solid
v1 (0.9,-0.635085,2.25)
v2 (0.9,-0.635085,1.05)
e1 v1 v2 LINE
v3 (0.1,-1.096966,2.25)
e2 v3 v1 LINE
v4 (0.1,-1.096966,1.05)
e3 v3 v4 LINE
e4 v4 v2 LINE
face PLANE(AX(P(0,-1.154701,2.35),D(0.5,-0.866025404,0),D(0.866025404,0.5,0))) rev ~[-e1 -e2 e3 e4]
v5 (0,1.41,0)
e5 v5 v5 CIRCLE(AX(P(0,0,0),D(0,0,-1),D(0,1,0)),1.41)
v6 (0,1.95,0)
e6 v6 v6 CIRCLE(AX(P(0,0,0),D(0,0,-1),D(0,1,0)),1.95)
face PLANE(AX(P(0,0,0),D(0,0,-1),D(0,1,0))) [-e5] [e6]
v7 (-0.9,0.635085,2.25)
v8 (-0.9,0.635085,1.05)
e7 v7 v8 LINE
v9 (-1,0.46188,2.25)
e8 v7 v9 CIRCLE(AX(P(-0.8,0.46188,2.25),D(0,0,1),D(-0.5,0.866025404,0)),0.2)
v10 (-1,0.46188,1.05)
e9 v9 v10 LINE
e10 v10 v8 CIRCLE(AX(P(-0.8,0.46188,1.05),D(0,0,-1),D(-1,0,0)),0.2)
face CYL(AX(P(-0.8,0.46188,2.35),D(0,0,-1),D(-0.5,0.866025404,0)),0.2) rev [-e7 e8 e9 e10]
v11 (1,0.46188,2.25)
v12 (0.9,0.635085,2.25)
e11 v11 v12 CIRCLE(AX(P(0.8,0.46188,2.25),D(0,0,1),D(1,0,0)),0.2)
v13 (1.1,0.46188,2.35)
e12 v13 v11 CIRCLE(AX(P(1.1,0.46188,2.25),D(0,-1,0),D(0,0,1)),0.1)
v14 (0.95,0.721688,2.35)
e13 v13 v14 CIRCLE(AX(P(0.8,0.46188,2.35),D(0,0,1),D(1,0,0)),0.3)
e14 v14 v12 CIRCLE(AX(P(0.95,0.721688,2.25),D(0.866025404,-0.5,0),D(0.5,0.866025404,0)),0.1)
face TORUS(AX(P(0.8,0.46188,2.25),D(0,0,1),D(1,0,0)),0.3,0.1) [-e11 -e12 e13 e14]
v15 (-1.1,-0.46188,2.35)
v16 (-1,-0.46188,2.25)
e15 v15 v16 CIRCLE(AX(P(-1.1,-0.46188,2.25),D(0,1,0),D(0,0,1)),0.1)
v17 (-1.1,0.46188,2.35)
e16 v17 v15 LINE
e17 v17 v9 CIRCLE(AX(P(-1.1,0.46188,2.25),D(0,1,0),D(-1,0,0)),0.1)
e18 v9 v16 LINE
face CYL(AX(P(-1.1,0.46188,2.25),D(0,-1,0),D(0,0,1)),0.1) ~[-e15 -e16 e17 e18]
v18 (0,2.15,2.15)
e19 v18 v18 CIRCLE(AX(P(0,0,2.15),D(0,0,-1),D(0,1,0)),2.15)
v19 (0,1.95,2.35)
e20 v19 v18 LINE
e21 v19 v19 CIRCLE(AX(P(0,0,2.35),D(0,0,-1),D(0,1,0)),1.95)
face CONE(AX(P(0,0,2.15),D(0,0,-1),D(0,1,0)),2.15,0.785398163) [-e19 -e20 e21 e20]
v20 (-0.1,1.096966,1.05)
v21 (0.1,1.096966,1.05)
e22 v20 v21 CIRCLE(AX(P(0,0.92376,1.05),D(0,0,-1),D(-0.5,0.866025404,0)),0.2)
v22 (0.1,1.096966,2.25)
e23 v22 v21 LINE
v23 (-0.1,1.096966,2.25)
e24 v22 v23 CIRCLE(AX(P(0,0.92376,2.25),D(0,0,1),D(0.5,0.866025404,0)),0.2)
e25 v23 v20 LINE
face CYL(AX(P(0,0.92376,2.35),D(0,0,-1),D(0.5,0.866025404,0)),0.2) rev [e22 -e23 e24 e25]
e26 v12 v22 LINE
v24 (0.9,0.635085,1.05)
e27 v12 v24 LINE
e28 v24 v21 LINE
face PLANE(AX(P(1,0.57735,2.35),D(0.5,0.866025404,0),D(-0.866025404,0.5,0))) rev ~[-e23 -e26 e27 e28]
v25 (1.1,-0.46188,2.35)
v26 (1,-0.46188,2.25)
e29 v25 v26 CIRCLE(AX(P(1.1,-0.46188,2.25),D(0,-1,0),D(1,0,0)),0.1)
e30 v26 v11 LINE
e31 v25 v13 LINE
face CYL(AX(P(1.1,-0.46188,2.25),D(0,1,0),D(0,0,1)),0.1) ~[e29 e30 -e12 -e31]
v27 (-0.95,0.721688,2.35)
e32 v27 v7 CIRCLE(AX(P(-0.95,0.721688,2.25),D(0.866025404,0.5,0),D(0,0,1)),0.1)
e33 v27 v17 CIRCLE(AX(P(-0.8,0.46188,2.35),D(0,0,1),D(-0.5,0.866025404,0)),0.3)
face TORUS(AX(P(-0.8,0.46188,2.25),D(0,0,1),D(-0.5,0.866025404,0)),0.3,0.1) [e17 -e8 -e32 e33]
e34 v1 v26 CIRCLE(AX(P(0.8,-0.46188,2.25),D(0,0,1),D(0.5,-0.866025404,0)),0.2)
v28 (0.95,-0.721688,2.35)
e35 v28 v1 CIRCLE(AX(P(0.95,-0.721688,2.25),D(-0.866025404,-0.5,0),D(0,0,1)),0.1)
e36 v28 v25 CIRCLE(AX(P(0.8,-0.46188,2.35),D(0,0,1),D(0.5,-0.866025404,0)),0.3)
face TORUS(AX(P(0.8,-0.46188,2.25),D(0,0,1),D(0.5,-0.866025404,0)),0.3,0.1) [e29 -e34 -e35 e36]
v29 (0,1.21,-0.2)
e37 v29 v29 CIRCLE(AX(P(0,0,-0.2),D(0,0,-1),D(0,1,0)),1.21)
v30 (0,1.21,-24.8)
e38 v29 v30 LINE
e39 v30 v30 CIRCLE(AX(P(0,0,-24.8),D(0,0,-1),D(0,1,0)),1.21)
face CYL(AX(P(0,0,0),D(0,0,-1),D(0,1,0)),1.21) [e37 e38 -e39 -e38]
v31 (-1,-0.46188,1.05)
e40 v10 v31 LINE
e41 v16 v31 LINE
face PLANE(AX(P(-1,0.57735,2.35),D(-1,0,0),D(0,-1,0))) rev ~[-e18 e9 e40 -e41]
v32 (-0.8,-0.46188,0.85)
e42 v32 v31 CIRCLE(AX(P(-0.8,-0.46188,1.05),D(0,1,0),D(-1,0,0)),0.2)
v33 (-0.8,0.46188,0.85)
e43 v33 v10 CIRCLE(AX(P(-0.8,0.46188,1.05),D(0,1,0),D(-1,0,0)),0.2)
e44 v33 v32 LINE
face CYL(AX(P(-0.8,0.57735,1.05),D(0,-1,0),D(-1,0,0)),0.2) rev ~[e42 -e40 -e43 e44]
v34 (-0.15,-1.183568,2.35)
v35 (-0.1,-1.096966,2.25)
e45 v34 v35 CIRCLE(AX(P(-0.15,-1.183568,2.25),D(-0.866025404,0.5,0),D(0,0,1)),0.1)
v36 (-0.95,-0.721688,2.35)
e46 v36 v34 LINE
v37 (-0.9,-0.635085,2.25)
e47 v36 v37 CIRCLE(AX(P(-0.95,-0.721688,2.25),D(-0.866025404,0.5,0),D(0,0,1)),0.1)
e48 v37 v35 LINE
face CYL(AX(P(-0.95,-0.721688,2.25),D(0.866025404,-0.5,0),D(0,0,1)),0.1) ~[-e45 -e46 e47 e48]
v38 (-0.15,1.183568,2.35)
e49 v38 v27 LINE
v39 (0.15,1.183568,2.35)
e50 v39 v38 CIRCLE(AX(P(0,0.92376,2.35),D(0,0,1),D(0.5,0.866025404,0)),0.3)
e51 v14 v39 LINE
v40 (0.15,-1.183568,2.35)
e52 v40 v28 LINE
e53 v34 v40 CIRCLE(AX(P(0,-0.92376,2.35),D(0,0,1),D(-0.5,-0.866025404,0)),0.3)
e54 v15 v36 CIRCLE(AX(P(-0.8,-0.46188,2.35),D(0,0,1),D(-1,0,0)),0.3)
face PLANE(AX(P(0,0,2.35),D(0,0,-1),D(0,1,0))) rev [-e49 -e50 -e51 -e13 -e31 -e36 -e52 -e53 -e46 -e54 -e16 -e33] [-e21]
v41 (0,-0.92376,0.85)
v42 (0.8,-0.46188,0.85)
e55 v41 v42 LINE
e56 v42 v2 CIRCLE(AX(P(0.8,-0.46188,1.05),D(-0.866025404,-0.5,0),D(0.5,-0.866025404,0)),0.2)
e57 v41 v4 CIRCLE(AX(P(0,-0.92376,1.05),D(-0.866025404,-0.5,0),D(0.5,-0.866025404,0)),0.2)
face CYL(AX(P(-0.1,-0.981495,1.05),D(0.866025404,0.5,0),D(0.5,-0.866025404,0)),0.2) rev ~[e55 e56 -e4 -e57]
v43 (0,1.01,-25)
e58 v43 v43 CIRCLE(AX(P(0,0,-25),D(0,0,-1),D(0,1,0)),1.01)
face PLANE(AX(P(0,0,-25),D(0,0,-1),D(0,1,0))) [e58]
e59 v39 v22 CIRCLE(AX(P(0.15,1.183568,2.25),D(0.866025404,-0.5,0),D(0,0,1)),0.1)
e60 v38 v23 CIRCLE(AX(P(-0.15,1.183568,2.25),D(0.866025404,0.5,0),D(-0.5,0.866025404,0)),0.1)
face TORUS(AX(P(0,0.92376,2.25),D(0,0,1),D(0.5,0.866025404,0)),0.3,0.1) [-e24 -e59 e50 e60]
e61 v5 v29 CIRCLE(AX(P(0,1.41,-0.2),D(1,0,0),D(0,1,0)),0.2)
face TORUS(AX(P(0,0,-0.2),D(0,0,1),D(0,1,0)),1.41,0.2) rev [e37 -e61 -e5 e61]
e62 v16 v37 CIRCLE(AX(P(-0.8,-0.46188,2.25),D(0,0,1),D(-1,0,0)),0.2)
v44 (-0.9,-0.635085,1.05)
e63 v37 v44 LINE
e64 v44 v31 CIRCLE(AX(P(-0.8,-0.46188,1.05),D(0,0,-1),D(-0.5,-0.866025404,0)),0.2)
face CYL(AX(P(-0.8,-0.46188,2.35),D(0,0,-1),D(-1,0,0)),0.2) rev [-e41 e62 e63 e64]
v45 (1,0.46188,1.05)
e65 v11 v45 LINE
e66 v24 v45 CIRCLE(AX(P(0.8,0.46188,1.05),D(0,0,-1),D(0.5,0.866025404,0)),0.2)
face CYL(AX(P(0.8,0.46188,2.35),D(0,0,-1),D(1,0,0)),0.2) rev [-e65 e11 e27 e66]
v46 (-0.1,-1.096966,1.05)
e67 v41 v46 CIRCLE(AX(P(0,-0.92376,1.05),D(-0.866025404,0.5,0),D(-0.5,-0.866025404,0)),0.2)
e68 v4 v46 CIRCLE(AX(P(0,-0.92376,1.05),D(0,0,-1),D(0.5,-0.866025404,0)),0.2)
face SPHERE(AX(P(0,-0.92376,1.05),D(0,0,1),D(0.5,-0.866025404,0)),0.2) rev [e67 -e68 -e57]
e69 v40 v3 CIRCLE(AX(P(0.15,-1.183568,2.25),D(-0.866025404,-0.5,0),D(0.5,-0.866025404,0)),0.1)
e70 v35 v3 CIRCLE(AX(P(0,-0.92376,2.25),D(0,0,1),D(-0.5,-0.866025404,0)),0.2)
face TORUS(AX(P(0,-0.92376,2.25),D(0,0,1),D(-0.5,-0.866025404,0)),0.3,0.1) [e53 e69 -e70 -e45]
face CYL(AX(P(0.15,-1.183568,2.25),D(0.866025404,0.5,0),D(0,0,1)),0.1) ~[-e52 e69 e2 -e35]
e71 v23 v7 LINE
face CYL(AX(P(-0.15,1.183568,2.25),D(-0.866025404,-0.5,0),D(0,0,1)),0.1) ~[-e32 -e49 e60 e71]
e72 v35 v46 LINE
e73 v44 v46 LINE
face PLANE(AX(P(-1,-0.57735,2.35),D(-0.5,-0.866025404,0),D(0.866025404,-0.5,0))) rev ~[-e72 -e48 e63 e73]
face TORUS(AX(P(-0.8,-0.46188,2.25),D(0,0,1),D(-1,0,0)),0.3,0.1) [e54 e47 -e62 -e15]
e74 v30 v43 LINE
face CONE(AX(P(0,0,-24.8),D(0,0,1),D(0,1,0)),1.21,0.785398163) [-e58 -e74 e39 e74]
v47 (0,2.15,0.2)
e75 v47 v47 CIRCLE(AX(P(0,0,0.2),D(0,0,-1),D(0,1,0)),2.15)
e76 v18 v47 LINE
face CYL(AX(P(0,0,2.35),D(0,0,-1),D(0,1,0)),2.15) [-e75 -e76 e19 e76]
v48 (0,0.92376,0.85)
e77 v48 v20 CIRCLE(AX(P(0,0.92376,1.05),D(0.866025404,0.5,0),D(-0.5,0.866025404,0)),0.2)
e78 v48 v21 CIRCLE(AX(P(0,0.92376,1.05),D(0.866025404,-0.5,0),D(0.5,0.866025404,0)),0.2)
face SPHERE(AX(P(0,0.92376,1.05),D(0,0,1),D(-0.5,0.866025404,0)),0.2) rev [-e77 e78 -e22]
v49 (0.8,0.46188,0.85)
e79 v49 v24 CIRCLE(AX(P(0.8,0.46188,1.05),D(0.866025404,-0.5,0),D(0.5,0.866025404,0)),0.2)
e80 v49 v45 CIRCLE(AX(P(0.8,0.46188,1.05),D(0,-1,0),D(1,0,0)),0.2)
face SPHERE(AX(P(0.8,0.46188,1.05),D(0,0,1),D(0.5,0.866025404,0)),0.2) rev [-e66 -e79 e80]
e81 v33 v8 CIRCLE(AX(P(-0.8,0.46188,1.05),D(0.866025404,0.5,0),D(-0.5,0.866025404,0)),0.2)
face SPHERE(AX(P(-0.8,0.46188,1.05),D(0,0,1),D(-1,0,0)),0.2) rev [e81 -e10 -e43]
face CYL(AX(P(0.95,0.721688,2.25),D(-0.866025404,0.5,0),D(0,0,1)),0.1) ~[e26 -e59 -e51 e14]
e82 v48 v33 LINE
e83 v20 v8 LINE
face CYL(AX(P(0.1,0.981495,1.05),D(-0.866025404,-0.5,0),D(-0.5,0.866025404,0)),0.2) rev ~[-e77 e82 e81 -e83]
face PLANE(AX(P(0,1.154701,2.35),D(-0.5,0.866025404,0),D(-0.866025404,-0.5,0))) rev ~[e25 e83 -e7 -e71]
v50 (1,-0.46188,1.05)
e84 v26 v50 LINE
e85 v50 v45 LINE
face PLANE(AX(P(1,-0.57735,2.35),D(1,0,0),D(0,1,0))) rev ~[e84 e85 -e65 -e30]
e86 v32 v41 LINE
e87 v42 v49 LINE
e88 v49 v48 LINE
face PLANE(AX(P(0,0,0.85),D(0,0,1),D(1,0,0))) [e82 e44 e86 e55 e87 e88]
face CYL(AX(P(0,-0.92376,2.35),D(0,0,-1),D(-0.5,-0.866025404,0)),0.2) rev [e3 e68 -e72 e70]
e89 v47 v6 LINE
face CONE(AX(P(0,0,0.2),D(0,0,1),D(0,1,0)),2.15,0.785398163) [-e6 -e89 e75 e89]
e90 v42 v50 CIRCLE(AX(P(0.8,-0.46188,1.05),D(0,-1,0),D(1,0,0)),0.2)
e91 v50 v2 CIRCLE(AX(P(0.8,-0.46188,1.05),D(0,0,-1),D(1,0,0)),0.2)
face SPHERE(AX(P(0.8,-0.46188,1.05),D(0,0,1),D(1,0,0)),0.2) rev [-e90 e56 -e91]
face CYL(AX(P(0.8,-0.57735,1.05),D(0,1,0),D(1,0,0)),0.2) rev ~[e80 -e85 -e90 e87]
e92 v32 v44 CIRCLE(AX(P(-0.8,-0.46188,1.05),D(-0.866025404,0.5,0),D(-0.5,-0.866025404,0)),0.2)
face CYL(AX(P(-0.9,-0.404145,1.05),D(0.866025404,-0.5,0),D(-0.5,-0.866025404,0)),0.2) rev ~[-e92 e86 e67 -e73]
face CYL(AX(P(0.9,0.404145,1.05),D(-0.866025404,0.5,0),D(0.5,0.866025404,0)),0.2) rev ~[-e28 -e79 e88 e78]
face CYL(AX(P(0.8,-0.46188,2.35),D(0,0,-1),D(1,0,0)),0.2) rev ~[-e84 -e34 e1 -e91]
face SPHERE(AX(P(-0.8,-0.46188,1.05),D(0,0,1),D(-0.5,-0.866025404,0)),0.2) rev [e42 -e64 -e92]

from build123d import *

# Parameters (mm, degrees)
SCHNITT_LINEAR_AUSTRAGEN1_DEPTH = 1.5
FASE1_SIZE                      = 0.2
VERRUNDUNG1_R                   = 0.2
VERRUNDUNG2_R                   = 0.1


with BuildPart() as part:
    # Skizze1 → Rotation1 (revolve)
    with BuildSketch(Plane(origin=(0, 0, 0), x_dir=(0, 0, -1), z_dir=(1, 0, 0))):
        Polygon((-2.35, 0), (-2.35, 2.15), (0, 2.15), (0, 1.21), (25, 1.21), (25, 0), align=None)
    revolve(axis=Axis((0, 0, 21.919879518), (0, 0, -1)))

    # Skizze2 → Schnitt-Linear austragen1 (cut)
    with BuildSketch(Plane.XY.offset(2.35)):
        Polygon((1, -0.577350269), (1, 0.577350269), (0, 1.154700538), (-1, 0.577350269), (-1, -0.577350269), (0, -1.154700538), align=None)
    extrude(amount=-SCHNITT_LINEAR_AUSTRAGEN1_DEPTH, mode=Mode.SUBTRACT)

    # Fase1
    fase1_edges = [part.edges().sort_by_distance(p)[0] for p in [
        (0, -1.21, -25),
        (0, -2.15, 0),
        (0, -2.15, 2.35),
    ]]
    chamfer(fase1_edges, length=FASE1_SIZE)

    # Verrundung1
    verrundung1_edges = [part.edges().sort_by_distance(p)[0] for p in [
        (0.5, -0.866025404, 0.85),
        (1, -0.577350269, 1.6),
        (-0.5, -0.866025404, 0.85),
        (0, -1.154700538, 1.6),
        (-1, 0, 0.85),
        (-1, -0.577350269, 1.6),
        (-0.5, 0.866025404, 0.85),
        (-1, 0.577350269, 1.6),
        (0.5, 0.866025404, 0.85),
        (0, 1.154700538, 1.6),
        (1, 0, 0.85),
        (1, 0.577350269, 1.6),
        (0, -1.21, 0),
    ]]
    fillet(verrundung1_edges, radius=VERRUNDUNG1_R)

    # Verrundung2
    verrundung2_edges = [part.edges().sort_by_distance(p)[0] for p in [
        (-0.5, -0.866025404, 2.35),
        (-1, 0, 2.35),
        (-0.5, 0.866025404, 2.35),
        (0.5, 0.866025404, 2.35),
        (1, 0, 2.35),
        (0.5, -0.866025404, 2.35),
        (-0.973205081, -0.561880215, 2.35),
        (0, -1.123760431, 2.35),
        (0.973205081, -0.561880215, 2.35),
        (0.973205081, 0.561880215, 2.35),
        (0, 1.123760431, 2.35),
        (-0.973205081, 0.561880215, 2.35),
    ]]
    fillet(verrundung2_edges, radius=VERRUNDUNG2_R)


solid = part.part
